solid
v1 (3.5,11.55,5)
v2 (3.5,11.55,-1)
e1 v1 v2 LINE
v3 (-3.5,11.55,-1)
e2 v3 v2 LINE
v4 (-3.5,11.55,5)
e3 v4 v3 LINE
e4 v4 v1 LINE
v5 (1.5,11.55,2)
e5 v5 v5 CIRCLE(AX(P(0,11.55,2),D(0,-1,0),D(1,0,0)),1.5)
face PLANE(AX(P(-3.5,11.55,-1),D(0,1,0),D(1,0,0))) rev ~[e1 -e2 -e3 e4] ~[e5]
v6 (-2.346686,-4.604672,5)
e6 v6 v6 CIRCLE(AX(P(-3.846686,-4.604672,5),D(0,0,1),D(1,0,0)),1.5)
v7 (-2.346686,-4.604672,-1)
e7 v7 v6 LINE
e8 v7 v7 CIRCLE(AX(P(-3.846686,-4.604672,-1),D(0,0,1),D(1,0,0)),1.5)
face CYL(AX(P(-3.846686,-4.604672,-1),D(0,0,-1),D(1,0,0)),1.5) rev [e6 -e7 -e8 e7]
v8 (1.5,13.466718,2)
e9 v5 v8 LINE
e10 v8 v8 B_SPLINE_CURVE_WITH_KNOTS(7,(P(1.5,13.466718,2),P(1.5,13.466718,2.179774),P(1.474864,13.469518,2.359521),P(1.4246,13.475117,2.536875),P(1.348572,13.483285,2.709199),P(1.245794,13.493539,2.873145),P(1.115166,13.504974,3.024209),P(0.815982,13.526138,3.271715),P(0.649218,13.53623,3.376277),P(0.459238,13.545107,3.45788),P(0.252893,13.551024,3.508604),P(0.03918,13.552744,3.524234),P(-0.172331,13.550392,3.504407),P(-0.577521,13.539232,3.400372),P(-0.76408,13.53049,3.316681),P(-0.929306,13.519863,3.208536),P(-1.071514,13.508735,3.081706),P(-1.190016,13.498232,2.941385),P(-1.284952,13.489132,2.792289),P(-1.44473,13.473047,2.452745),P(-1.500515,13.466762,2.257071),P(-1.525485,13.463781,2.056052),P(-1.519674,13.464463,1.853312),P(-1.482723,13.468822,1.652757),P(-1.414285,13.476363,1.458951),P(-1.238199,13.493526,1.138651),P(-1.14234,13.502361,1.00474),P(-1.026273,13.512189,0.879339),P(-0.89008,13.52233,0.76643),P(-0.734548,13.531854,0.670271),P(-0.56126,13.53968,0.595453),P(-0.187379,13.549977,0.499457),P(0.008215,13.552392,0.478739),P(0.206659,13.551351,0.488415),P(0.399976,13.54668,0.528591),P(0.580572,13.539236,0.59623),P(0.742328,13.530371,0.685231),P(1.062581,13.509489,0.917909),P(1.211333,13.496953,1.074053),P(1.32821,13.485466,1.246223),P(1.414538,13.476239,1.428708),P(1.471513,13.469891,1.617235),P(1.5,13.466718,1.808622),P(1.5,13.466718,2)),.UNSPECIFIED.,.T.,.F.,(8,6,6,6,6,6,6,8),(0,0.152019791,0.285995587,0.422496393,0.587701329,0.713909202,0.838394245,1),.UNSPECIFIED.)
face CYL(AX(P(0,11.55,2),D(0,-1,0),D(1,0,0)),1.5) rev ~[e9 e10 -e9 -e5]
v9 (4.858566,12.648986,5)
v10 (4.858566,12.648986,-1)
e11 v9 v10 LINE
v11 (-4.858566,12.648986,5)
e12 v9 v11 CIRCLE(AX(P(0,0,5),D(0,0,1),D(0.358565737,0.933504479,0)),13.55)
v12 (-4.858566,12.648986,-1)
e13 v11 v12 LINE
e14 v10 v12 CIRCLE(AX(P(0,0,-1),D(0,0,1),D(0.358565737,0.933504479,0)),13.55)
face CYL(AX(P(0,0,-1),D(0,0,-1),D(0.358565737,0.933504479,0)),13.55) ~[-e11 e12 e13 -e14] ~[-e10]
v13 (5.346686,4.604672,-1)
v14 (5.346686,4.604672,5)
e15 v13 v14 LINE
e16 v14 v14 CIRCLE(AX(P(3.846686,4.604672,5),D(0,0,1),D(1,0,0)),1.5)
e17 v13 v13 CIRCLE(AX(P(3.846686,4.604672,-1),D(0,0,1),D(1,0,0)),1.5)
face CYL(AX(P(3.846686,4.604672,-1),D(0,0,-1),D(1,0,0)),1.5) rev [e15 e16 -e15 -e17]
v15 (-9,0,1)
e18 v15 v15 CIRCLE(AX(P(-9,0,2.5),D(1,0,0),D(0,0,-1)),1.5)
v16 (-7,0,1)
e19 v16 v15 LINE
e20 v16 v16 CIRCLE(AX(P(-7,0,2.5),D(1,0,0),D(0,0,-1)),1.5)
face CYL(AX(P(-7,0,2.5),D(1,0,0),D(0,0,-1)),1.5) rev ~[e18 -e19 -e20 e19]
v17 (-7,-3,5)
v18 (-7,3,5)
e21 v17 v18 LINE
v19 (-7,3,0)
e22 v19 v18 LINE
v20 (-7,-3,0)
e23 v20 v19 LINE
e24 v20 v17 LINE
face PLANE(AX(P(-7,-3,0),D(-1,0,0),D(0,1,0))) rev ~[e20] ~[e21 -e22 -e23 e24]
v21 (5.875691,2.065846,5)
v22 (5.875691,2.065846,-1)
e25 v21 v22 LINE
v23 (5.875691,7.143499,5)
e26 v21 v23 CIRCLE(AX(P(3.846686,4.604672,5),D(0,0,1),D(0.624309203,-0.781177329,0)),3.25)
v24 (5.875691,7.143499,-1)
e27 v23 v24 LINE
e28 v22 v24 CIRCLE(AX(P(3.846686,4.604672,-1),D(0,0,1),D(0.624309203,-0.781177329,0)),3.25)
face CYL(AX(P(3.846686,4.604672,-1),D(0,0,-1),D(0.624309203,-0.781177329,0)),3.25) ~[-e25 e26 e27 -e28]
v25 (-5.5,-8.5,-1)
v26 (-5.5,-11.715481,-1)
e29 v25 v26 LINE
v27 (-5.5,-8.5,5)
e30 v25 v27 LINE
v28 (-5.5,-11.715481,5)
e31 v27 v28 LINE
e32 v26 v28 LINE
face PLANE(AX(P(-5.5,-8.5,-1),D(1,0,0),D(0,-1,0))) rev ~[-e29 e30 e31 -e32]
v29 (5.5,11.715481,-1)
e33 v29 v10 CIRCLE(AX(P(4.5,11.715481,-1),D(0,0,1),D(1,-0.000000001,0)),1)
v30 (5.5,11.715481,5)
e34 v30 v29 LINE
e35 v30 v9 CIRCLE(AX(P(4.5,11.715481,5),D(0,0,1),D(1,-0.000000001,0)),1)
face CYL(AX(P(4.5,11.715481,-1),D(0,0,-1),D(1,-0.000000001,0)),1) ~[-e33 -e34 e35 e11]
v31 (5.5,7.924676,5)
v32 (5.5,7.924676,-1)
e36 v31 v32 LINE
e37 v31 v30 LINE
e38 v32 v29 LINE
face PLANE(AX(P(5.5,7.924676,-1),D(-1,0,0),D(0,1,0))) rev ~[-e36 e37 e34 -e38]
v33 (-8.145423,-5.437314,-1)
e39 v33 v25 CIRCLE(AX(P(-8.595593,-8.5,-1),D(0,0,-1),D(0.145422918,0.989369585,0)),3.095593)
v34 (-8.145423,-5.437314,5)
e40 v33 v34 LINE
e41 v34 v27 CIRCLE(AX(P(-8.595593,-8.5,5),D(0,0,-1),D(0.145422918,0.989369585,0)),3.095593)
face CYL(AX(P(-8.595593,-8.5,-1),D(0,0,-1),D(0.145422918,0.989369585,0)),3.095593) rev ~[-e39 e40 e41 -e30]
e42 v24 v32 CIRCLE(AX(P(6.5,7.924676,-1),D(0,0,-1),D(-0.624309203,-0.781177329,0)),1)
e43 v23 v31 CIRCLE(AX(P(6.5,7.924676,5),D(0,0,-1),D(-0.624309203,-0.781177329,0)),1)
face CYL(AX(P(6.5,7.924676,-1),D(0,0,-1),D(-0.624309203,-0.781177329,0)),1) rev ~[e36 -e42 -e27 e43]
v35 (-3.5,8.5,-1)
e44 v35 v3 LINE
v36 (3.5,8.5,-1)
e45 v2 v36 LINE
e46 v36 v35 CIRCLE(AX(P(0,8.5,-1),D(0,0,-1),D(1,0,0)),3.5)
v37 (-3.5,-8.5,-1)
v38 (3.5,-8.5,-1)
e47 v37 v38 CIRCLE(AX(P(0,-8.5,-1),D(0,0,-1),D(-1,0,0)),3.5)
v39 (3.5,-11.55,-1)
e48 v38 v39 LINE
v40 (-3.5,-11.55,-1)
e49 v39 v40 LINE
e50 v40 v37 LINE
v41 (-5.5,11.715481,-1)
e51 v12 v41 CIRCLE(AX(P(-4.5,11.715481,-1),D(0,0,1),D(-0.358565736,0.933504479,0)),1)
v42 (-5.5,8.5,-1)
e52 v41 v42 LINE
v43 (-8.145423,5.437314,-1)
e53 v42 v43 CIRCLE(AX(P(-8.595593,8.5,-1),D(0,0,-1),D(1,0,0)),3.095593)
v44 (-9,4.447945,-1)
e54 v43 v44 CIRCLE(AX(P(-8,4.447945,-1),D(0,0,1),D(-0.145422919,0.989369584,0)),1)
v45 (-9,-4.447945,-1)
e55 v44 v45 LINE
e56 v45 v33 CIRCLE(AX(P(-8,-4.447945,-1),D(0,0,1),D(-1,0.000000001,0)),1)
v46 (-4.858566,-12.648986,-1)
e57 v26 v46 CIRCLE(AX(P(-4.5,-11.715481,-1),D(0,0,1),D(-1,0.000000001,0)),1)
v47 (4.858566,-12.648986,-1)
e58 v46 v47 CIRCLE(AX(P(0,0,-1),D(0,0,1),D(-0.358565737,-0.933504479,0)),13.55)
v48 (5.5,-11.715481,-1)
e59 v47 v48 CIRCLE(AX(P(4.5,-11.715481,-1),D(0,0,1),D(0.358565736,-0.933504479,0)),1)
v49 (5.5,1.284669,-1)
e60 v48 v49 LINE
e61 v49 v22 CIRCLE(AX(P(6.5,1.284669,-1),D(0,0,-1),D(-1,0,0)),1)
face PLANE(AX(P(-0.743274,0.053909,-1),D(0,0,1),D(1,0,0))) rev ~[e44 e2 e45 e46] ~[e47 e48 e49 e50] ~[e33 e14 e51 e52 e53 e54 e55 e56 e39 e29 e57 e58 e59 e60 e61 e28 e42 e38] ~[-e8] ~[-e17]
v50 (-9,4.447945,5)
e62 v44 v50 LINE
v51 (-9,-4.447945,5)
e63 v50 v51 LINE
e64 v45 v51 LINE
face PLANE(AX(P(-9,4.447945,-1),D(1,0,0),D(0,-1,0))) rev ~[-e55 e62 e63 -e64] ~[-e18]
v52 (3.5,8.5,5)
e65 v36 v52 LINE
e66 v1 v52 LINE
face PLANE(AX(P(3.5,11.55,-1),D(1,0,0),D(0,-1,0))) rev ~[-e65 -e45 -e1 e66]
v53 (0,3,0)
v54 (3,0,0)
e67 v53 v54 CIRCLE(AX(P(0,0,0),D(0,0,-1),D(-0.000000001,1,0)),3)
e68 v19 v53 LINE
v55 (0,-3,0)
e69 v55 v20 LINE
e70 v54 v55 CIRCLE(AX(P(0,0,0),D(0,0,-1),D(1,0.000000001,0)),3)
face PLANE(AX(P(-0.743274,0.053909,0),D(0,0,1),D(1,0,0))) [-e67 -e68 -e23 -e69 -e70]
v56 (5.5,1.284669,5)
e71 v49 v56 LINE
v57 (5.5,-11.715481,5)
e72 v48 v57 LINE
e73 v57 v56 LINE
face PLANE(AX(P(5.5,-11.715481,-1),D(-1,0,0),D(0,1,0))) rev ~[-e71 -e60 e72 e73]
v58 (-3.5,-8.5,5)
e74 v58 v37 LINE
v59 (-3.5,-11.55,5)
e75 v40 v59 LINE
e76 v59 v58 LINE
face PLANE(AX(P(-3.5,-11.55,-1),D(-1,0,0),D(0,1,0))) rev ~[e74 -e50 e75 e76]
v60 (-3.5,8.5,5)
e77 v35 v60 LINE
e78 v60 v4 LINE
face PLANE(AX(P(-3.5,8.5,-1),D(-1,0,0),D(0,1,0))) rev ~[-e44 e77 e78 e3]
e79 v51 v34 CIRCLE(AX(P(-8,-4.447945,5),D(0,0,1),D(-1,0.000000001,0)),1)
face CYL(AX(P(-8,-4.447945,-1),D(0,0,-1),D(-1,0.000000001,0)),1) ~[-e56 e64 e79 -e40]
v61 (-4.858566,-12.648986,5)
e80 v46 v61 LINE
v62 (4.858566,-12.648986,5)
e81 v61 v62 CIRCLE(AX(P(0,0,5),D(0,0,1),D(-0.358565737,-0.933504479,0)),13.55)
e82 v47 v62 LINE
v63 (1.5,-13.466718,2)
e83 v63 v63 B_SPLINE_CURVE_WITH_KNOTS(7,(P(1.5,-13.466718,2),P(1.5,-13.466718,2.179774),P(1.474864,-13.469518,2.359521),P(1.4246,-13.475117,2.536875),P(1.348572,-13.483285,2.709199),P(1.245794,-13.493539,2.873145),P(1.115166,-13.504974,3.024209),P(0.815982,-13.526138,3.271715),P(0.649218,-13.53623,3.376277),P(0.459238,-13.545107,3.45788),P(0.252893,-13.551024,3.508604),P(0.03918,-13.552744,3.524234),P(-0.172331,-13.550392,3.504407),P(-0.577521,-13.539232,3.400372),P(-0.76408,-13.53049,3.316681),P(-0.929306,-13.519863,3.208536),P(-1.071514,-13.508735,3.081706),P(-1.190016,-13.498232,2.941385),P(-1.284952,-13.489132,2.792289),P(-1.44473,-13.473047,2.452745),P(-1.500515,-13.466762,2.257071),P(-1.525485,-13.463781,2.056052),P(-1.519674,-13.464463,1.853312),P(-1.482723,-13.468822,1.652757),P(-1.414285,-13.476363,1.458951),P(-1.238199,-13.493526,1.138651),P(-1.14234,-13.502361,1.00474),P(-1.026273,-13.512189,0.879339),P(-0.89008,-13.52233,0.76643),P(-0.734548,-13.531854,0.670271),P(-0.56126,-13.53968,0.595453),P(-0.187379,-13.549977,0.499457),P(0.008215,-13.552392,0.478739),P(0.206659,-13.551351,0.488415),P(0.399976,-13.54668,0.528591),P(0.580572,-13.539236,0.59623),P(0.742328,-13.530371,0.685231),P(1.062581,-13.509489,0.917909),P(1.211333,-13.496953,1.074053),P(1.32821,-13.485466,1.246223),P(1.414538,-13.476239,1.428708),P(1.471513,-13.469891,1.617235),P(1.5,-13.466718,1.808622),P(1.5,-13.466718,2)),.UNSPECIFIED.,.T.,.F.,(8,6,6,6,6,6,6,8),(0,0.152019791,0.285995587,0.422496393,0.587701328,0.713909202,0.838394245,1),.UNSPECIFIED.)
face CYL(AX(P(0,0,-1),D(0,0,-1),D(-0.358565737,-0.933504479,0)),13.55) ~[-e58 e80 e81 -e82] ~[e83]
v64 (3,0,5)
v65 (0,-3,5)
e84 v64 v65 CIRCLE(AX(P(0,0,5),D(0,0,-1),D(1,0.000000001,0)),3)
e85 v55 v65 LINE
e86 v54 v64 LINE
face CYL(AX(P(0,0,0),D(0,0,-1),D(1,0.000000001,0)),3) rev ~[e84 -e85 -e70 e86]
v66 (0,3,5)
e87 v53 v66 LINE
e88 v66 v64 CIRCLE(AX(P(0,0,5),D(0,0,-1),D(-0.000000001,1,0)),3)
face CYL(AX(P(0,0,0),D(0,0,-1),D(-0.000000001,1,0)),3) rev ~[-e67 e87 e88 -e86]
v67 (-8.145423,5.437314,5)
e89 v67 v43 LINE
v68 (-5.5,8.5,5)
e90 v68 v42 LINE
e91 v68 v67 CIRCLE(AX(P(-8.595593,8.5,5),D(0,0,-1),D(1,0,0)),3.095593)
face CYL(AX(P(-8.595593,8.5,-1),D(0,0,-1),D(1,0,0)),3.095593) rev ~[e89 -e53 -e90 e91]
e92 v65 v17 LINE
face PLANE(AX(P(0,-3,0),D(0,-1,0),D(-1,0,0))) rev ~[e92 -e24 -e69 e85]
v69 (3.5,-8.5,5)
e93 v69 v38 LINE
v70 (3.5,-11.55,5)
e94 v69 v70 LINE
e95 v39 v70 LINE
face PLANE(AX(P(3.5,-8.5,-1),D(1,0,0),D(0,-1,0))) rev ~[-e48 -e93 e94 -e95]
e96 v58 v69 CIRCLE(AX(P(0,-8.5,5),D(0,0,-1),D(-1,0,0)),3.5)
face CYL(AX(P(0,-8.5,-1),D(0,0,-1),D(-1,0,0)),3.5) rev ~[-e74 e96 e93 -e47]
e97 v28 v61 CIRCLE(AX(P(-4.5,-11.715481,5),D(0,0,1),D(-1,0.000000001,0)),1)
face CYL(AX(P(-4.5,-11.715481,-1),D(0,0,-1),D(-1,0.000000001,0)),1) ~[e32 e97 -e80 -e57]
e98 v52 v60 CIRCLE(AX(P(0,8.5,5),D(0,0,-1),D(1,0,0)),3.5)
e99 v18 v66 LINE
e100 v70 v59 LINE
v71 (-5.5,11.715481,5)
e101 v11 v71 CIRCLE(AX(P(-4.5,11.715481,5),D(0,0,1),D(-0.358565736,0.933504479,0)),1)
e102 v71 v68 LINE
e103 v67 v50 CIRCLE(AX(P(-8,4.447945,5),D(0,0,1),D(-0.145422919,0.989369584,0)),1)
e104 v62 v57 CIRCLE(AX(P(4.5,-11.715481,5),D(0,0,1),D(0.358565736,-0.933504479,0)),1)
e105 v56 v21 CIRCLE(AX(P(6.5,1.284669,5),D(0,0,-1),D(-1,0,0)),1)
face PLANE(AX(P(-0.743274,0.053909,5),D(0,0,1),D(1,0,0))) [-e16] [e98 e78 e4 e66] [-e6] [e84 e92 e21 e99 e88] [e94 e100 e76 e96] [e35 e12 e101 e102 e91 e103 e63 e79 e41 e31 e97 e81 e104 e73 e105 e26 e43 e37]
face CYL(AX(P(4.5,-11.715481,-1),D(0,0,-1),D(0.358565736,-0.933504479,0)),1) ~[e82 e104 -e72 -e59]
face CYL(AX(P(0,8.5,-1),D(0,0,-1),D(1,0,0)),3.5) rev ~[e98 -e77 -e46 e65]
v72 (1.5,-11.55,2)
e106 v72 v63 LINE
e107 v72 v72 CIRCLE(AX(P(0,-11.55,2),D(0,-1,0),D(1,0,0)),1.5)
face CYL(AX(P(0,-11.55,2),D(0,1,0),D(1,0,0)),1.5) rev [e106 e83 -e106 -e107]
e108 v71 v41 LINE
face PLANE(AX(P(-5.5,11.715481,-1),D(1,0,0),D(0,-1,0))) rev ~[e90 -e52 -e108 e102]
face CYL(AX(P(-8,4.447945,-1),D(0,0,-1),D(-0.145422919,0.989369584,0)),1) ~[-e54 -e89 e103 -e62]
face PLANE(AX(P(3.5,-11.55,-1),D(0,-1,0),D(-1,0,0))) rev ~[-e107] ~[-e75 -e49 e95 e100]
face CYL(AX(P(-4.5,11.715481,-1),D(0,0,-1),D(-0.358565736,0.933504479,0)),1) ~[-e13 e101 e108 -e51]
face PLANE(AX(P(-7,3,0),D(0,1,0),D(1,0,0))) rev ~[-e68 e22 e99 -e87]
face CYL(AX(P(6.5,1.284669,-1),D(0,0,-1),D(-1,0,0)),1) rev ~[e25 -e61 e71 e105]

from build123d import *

# Parameters (mm, degrees)
ESQUISSE1_R             = 1.5
BOSS_EXTRU_1_DEPTH      = 5
BOSS_EXTRU_2_START      = -1
ESQUISSE1_3_R           = 1.5
BOSS_EXTRU_2_DEPTH      = 1
ESQUISSE2_R             = 1.5
ENL_V_MAT_EXTRU_2_DEPTH = 28.129504234
ESQUISSE3_R             = 1.5
ENL_V_MAT_EXTRU_3_DEPTH = 21.182147001


with BuildPart() as part:
    # Esquisse1 → Boss.-Extru.1 (new body)
    with BuildSketch(Plane.XY):
        with BuildLine():
            ThreePointArc((-8.145422919, 5.437314339), (-8.756777021, 5.101617869), (-9, 4.447944754))
            Line((-9, 4.447944754), (-9, -4.447944754))
            ThreePointArc((-9, -4.447944754), (-8.756777021, -5.101617869), (-8.145422919, -5.437314339))
            ThreePointArc((-8.145422919, -5.437314339), (-6.252919377, -6.476494015), (-5.5, -8.5))
            Line((-5.5, -8.5), (-5.5, -11.715481211))
            ThreePointArc((-5.5, -11.715481211), (-5.324186186, -12.281800142), (-4.858565737, -12.64898569))
            ThreePointArc((-4.858565737, -12.64898569), (0, -13.55), (4.858565737, -12.64898569))
            ThreePointArc((4.858565737, -12.64898569), (5.324186186, -12.281800142), (5.5, -11.715481211))
            Line((5.5, -11.715481211), (5.5, 1.284668728))
            ThreePointArc((5.5, 1.284668728), (5.598803794, 1.718080078), (5.875690797, 2.065846057))
            ThreePointArc((5.875690797, 2.065846057), (7.096685887, 4.604672376), (5.875690797, 7.143498694))
            ThreePointArc((5.875690797, 7.143498694), (5.598803794, 7.491264673), (5.5, 7.924676023))
            Line((5.5, 7.924676023), (5.5, 11.715481211))
            ThreePointArc((5.5, 11.715481211), (5.324186186, 12.281800142), (4.858565737, 12.64898569))
            ThreePointArc((4.858565737, 12.64898569), (0, 13.55), (-4.858565737, 12.64898569))
            ThreePointArc((-4.858565737, 12.64898569), (-5.324186186, 12.281800142), (-5.5, 11.715481211))
            Line((-5.5, 11.715481211), (-5.5, 8.5))
            ThreePointArc((-5.5, 8.5), (-6.252919377, 6.476494015), (-8.145422919, 5.437314339))
        make_face()
        with Locations((-3.846685887, -4.604672376)):
            Circle(ESQUISSE1_R, mode=Mode.SUBTRACT)
        with BuildLine():
            ThreePointArc((3, 0), (2.121320344, -2.121320344), (0, -3))
            Line((0, -3), (-7, -3))
            Line((-7, -3), (-7, 3))
            Line((-7, 3), (0, 3))
            ThreePointArc((0, 3), (2.121320344, 2.121320344), (3, 0))
        make_face(mode=Mode.SUBTRACT)
        with BuildLine():
            Line((3.5, -11.55), (-3.5, -11.55))
            Line((-3.5, -11.55), (-3.5, -8.5))
            ThreePointArc((-3.5, -8.5), (0, -5), (3.5, -8.5))
            Line((3.5, -8.5), (3.5, -11.55))
        make_face(mode=Mode.SUBTRACT)
        with Locations((3.846685887, 4.604672376)):
            Circle(ESQUISSE1_R, mode=Mode.SUBTRACT)
        with BuildLine():
            Line((-3.5, 8.5), (-3.5, 11.55))
            Line((-3.5, 11.55), (3.5, 11.55))
            Line((3.5, 11.55), (3.5, 8.5))
            ThreePointArc((3.5, 8.5), (0, 5), (-3.5, 8.5))
        make_face(mode=Mode.SUBTRACT)
    extrude(amount=BOSS_EXTRU_1_DEPTH)

    # Esquisse1<3> → Boss.-Extru.2 (add)
    with BuildSketch(Plane.XY.offset(BOSS_EXTRU_2_START)):
        with BuildLine():
            ThreePointArc((-8.145422919, 5.437314339), (-8.756777021, 5.101617869), (-9, 4.447944754))
            Line((-9, 4.447944754), (-9, -4.447944754))
            ThreePointArc((-9, -4.447944754), (-8.756777021, -5.101617869), (-8.145422919, -5.437314339))
            ThreePointArc((-8.145422919, -5.437314339), (-6.252919377, -6.476494015), (-5.5, -8.5))
            Line((-5.5, -8.5), (-5.5, -11.715481211))
            ThreePointArc((-5.5, -11.715481211), (-5.324186186, -12.281800142), (-4.858565737, -12.64898569))
            ThreePointArc((-4.858565737, -12.64898569), (0, -13.55), (4.858565737, -12.64898569))
            ThreePointArc((4.858565737, -12.64898569), (5.324186186, -12.281800142), (5.5, -11.715481211))
            Line((5.5, -11.715481211), (5.5, 1.284668728))
            ThreePointArc((5.5, 1.284668728), (5.598803794, 1.718080078), (5.875690797, 2.065846057))
            ThreePointArc((5.875690797, 2.065846057), (7.096685887, 4.604672376), (5.875690797, 7.143498694))
            ThreePointArc((5.875690797, 7.143498694), (5.598803794, 7.491264673), (5.5, 7.924676023))
            Line((5.5, 7.924676023), (5.5, 11.715481211))
            ThreePointArc((5.5, 11.715481211), (5.324186186, 12.281800142), (4.858565737, 12.64898569))
            ThreePointArc((4.858565737, 12.64898569), (0, 13.55), (-4.858565737, 12.64898569))
            ThreePointArc((-4.858565737, 12.64898569), (-5.324186186, 12.281800142), (-5.5, 11.715481211))
            Line((-5.5, 11.715481211), (-5.5, 8.5))
            ThreePointArc((-5.5, 8.5), (-6.252919377, 6.476494015), (-8.145422919, 5.437314339))
        make_face()
        with Locations((-3.846685887, -4.604672376)):
            Circle(ESQUISSE1_3_R, mode=Mode.SUBTRACT)
        with BuildLine():
            ThreePointArc((3.5, 8.5), (0, 5), (-3.5, 8.5))
            Line((-3.5, 8.5), (-3.5, 11.55))
            Line((-3.5, 11.55), (3.5, 11.55))
            Line((3.5, 11.55), (3.5, 8.5))
        make_face(mode=Mode.SUBTRACT)
        with BuildLine():
            Line((3.5, -11.55), (-3.5, -11.55))
            Line((-3.5, -11.55), (-3.5, -8.5))
            ThreePointArc((-3.5, -8.5), (0, -5), (3.5, -8.5))
            Line((3.5, -8.5), (3.5, -11.55))
        make_face(mode=Mode.SUBTRACT)
        with Locations((3.846685887, 4.604672376)):
            Circle(ESQUISSE1_3_R, mode=Mode.SUBTRACT)
    extrude(amount=BOSS_EXTRU_2_DEPTH)

    # Esquisse2 → Enlèv. mat.-Extru.2 (cut, through all)
    with BuildSketch(Plane.XZ.offset(-11.55)):
        with Locations((0, 2)):
            Circle(ESQUISSE2_R)
    enl_v_mat_extru_2 = extrude(amount=-ENL_V_MAT_EXTRU_2_DEPTH, mode=Mode.SUBTRACT)

    # Symétrie1: Enlèv. mat.-Extru.2 across plane
    add(enl_v_mat_extru_2.mirror(Plane.ZX), mode=Mode.SUBTRACT)

    # Esquisse3 → Enlèv. mat.-Extru.3 (cut, through all)
    with BuildSketch(Plane(origin=(-7, 0, 0), x_dir=(0, 0, -1), z_dir=(1, 0, 0))):
        with Locations((-2.5, 0)):
            Circle(ESQUISSE3_R)
    extrude(amount=-ENL_V_MAT_EXTRU_3_DEPTH, mode=Mode.SUBTRACT)


solid = part.part
